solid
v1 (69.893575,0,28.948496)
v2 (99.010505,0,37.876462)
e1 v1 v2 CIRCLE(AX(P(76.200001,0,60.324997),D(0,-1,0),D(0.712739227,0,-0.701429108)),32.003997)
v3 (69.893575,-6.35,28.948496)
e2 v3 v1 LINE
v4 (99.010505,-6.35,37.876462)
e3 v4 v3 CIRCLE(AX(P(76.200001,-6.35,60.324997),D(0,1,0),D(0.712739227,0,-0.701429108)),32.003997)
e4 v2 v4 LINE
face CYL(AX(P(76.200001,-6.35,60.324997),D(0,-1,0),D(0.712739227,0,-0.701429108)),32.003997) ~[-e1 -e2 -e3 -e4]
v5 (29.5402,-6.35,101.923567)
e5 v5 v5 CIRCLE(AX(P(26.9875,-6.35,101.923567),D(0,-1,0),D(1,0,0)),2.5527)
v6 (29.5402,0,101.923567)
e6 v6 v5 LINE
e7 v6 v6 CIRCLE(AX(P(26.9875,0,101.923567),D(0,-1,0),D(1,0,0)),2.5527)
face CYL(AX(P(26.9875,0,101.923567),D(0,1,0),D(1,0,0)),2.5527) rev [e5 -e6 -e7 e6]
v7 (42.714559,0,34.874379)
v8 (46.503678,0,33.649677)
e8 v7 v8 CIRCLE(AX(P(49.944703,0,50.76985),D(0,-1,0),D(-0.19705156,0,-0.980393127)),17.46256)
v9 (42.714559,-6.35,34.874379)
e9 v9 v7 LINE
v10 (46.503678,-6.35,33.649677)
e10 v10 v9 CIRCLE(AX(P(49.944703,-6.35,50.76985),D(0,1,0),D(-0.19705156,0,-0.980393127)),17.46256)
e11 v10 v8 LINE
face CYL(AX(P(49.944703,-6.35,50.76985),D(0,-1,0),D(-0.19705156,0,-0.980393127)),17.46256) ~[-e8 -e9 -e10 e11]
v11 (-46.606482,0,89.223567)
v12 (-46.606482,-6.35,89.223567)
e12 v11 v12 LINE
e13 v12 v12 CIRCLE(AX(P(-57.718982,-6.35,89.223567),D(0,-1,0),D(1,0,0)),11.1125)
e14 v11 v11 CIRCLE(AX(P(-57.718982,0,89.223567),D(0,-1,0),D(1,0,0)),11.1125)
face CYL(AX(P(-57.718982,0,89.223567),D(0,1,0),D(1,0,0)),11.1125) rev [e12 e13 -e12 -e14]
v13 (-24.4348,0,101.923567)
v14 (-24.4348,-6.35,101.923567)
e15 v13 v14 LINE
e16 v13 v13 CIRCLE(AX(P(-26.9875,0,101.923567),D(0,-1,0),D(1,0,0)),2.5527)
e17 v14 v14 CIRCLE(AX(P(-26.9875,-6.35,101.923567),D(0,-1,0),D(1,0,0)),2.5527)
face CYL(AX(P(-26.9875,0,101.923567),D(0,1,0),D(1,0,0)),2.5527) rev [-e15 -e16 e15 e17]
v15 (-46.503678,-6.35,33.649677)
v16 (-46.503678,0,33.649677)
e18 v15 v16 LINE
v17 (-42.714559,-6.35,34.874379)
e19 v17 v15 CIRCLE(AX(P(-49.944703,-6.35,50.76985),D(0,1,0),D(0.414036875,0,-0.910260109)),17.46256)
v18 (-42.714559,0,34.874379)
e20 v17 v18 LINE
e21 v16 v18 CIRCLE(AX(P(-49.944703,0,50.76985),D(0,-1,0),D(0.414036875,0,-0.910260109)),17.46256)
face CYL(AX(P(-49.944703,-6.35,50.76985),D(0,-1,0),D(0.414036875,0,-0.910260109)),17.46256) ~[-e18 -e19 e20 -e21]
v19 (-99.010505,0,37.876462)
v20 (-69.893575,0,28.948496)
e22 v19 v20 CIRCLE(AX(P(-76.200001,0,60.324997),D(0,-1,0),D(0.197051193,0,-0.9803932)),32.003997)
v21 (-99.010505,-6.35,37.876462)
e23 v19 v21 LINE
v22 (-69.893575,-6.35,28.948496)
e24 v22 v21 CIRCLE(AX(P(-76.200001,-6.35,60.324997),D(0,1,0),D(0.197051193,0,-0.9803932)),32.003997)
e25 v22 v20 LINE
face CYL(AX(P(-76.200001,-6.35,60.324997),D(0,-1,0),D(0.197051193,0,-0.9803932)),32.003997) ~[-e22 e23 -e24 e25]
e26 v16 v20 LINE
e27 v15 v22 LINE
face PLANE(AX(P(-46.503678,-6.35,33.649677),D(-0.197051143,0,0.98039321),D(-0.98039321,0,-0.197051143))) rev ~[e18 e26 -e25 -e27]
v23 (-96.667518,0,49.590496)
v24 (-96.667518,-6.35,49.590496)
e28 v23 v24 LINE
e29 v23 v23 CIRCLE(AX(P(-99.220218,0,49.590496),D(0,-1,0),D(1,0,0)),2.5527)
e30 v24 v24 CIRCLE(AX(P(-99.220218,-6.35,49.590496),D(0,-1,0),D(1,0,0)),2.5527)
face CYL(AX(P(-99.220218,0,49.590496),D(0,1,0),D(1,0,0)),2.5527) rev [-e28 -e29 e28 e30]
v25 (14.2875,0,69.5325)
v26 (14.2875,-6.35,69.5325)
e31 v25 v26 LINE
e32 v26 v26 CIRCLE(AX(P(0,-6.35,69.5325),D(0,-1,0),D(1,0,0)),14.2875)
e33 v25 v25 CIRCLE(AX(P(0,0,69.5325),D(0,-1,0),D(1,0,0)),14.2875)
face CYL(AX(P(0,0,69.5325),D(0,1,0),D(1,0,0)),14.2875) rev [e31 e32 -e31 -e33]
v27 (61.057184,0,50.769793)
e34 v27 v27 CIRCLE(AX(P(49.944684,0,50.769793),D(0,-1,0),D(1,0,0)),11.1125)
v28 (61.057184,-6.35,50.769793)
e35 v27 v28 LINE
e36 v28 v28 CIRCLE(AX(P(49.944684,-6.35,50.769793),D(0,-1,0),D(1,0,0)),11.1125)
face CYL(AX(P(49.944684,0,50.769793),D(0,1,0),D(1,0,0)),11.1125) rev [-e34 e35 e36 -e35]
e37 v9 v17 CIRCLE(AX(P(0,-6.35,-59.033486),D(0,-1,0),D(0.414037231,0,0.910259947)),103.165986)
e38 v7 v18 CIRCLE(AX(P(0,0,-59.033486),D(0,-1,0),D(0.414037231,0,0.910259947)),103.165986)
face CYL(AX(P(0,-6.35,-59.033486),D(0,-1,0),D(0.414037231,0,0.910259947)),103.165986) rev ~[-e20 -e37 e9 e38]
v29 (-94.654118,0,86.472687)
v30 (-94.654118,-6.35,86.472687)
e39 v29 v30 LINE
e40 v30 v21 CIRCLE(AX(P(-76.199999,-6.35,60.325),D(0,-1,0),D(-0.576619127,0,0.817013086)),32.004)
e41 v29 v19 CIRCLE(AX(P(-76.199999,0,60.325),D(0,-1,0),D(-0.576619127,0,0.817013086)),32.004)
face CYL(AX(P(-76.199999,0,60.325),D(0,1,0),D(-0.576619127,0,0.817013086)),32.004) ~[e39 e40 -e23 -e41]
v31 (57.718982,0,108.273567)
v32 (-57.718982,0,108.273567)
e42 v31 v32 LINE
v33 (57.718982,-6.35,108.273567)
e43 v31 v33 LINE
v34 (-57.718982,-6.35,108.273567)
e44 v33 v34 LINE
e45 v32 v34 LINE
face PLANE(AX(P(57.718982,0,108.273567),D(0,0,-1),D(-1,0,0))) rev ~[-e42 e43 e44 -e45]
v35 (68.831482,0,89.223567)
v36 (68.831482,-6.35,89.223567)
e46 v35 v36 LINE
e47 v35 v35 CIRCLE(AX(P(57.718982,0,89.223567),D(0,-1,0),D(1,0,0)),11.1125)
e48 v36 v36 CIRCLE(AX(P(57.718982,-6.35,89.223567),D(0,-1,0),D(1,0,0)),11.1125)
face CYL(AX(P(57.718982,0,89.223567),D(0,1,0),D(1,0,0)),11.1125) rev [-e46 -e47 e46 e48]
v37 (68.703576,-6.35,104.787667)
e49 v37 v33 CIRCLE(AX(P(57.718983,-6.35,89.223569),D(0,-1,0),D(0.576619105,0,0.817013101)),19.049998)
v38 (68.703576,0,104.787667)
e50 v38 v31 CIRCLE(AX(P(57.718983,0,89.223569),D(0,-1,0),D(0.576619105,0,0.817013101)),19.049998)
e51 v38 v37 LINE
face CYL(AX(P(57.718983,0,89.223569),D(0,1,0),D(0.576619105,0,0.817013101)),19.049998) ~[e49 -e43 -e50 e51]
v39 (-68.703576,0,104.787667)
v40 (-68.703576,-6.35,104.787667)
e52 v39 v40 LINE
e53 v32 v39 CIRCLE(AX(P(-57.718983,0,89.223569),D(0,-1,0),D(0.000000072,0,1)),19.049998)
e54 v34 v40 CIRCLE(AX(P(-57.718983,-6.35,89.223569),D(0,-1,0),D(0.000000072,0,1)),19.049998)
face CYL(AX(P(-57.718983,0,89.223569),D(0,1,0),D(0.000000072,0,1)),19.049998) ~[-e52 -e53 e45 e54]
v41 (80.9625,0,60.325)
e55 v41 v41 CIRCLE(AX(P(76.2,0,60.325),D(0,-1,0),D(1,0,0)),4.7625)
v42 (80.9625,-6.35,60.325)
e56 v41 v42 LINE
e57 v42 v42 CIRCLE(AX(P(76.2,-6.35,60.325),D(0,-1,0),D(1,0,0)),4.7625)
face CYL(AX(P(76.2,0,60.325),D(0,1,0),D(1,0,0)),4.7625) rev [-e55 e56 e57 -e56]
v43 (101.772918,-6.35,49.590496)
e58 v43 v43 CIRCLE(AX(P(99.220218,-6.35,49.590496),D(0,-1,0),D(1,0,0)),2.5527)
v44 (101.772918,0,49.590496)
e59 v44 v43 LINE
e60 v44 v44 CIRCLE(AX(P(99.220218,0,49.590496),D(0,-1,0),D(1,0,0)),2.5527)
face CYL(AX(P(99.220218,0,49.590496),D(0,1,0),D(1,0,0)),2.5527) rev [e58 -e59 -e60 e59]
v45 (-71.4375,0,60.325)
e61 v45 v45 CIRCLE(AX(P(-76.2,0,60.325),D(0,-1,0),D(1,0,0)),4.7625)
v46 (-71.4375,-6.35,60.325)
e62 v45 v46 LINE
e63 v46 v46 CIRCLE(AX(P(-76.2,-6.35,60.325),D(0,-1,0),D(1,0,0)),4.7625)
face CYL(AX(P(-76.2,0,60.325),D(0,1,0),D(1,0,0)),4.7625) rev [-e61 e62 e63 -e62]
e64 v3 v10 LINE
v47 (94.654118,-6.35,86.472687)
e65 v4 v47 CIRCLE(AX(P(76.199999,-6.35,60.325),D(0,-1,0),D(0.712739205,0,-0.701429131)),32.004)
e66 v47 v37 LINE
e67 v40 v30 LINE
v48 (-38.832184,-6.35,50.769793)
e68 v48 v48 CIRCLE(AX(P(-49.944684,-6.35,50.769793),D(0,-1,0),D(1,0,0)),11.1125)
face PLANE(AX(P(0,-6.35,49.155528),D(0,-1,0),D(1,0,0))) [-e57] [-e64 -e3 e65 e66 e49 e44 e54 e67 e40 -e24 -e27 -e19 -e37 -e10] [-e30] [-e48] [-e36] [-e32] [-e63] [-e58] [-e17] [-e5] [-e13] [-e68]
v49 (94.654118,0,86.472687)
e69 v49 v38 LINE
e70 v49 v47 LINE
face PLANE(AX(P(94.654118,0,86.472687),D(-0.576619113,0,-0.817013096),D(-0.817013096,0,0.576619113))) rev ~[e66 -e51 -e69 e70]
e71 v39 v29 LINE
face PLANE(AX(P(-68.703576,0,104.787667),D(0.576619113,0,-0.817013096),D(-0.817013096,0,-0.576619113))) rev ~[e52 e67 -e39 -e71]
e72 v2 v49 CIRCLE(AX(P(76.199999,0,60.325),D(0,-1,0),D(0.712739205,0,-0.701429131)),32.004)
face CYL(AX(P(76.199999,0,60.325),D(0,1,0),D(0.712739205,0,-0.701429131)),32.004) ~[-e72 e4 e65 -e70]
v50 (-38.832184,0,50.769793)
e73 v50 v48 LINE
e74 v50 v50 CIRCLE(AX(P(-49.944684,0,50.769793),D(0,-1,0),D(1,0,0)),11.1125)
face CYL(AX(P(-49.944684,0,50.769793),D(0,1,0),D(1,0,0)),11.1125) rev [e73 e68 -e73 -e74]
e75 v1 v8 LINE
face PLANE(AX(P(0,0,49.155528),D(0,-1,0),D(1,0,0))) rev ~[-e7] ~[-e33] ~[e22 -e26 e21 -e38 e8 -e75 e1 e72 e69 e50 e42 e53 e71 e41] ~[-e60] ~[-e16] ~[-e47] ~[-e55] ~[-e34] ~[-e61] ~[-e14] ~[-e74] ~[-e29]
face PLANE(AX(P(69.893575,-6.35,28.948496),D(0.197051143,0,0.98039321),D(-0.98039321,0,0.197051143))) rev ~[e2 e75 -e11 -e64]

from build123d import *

# Parameters (mm, degrees)
F0_R     = 2.5527
F0_R_2   = 4.7625
F0_R_3   = 11.1125
F0_R_4   = 14.2875
F1_DEPTH = 6.35
F3_DEPTH = 25.4


with BuildPart() as f1:
    # F0 (on Front) → F1 (new body)
    with BuildSketch(Plane.XZ):
        with BuildLine():
            ThreePointArc((-94.654118, 86.472687), (-108.076175, 63.182526), (-99.010505, 37.876462))
            Line((-99.010505, 37.876462), (-43.757367, -18.267594))
            ThreePointArc((-43.757367, -18.267594), (-41.627815, -19.810445), (-39.111045, -20.572845))
            Line((-39.111045, -20.572845), (-3.033135, -25.206036))
            ThreePointArc((-3.033135, -25.206036), (0, -25.4), (3.033135, -25.206036))
            Line((3.033135, -25.206036), (39.111045, -20.572845))
            ThreePointArc((39.111045, -20.572845), (41.627815, -19.810445), (43.757367, -18.267594))
            Line((43.757367, -18.267594), (99.010505, 37.876462))
            ThreePointArc((99.010505, 37.876462), (108.076175, 63.182526), (94.654118, 86.472687))
            Line((94.654118, 86.472687), (68.703576, 104.787667))
            ThreePointArc((68.703576, 104.787667), (63.481204, 107.381191), (57.718982, 108.273567))
            Line((57.718982, 108.273567), (-57.718982, 108.273567))
            ThreePointArc((-57.718982, 108.273567), (-63.481204, 107.381191), (-68.703576, 104.787667))
            Line((-68.703576, 104.787667), (-94.654118, 86.472687))
        make_face()
        with Locations((-38.1, -12.7)):
            Circle(F0_R, mode=Mode.SUBTRACT)
        with Locations((-38.1, 12.7)):
            Circle(F0_R, mode=Mode.SUBTRACT)
        with Locations((38.1, -12.7)):
            Circle(F0_R, mode=Mode.SUBTRACT)
        with Locations((38.1, 12.7)):
            Circle(F0_R, mode=Mode.SUBTRACT)
        with Locations((-99.220218, 49.590496)):
            Circle(F0_R, mode=Mode.SUBTRACT)
        with Locations((-76.2, 60.325)):
            Circle(F0_R_2, mode=Mode.SUBTRACT)
        with Locations((-49.944684, 50.769793)):
            Circle(F0_R_3, mode=Mode.SUBTRACT)
        with Locations((-57.718982, 89.223567)):
            Circle(F0_R_3, mode=Mode.SUBTRACT)
        with Locations((-26.9875, 101.923567)):
            Circle(F0_R, mode=Mode.SUBTRACT)
        with Locations((49.944684, 50.769793)):
            Circle(F0_R_3, mode=Mode.SUBTRACT)
        with Locations((0, 69.5325)):
            Circle(F0_R_4, mode=Mode.SUBTRACT)
        with Locations((99.220218, 49.590496)):
            Circle(F0_R, mode=Mode.SUBTRACT)
        with Locations((76.2, 60.325)):
            Circle(F0_R_2, mode=Mode.SUBTRACT)
        with Locations((26.9875, 101.923567)):
            Circle(F0_R, mode=Mode.SUBTRACT)
        with Locations((57.718982, 89.223567)):
            Circle(F0_R_3, mode=Mode.SUBTRACT)
    extrude(amount=F1_DEPTH)

    # F2 (on face) → F3 (cut)
    with BuildSketch(Plane.XZ.offset(6.35)):
        with BuildLine():
            ThreePointArc((-69.893575, 28.948496), (-85.582074, 29.72708), (-99.010505, 37.876462))
            Line((-99.010505, 37.876462), (-99.010505, -25.4))
            Line((-99.010505, -25.4), (99.010505, -25.4))
            Line((99.010505, -25.4), (99.010505, 37.876462))
            ThreePointArc((99.010505, 37.876462), (85.582074, 29.72708), (69.893575, 28.948496))
            Line((69.893575, 28.948496), (46.503678, 33.649677))
            ThreePointArc((46.503678, 33.649677), (44.574094, 34.153667), (42.714559, 34.874379))
            ThreePointArc((42.714559, 34.874379), (0, 44.1325), (-42.714559, 34.874379))
            ThreePointArc((-42.714559, 34.874379), (-44.574094, 34.153667), (-46.503678, 33.649677))
            Line((-46.503678, 33.649677), (-69.893575, 28.948496))
        make_face()
    extrude(amount=-F3_DEPTH, mode=Mode.SUBTRACT)


solid = f1.part
